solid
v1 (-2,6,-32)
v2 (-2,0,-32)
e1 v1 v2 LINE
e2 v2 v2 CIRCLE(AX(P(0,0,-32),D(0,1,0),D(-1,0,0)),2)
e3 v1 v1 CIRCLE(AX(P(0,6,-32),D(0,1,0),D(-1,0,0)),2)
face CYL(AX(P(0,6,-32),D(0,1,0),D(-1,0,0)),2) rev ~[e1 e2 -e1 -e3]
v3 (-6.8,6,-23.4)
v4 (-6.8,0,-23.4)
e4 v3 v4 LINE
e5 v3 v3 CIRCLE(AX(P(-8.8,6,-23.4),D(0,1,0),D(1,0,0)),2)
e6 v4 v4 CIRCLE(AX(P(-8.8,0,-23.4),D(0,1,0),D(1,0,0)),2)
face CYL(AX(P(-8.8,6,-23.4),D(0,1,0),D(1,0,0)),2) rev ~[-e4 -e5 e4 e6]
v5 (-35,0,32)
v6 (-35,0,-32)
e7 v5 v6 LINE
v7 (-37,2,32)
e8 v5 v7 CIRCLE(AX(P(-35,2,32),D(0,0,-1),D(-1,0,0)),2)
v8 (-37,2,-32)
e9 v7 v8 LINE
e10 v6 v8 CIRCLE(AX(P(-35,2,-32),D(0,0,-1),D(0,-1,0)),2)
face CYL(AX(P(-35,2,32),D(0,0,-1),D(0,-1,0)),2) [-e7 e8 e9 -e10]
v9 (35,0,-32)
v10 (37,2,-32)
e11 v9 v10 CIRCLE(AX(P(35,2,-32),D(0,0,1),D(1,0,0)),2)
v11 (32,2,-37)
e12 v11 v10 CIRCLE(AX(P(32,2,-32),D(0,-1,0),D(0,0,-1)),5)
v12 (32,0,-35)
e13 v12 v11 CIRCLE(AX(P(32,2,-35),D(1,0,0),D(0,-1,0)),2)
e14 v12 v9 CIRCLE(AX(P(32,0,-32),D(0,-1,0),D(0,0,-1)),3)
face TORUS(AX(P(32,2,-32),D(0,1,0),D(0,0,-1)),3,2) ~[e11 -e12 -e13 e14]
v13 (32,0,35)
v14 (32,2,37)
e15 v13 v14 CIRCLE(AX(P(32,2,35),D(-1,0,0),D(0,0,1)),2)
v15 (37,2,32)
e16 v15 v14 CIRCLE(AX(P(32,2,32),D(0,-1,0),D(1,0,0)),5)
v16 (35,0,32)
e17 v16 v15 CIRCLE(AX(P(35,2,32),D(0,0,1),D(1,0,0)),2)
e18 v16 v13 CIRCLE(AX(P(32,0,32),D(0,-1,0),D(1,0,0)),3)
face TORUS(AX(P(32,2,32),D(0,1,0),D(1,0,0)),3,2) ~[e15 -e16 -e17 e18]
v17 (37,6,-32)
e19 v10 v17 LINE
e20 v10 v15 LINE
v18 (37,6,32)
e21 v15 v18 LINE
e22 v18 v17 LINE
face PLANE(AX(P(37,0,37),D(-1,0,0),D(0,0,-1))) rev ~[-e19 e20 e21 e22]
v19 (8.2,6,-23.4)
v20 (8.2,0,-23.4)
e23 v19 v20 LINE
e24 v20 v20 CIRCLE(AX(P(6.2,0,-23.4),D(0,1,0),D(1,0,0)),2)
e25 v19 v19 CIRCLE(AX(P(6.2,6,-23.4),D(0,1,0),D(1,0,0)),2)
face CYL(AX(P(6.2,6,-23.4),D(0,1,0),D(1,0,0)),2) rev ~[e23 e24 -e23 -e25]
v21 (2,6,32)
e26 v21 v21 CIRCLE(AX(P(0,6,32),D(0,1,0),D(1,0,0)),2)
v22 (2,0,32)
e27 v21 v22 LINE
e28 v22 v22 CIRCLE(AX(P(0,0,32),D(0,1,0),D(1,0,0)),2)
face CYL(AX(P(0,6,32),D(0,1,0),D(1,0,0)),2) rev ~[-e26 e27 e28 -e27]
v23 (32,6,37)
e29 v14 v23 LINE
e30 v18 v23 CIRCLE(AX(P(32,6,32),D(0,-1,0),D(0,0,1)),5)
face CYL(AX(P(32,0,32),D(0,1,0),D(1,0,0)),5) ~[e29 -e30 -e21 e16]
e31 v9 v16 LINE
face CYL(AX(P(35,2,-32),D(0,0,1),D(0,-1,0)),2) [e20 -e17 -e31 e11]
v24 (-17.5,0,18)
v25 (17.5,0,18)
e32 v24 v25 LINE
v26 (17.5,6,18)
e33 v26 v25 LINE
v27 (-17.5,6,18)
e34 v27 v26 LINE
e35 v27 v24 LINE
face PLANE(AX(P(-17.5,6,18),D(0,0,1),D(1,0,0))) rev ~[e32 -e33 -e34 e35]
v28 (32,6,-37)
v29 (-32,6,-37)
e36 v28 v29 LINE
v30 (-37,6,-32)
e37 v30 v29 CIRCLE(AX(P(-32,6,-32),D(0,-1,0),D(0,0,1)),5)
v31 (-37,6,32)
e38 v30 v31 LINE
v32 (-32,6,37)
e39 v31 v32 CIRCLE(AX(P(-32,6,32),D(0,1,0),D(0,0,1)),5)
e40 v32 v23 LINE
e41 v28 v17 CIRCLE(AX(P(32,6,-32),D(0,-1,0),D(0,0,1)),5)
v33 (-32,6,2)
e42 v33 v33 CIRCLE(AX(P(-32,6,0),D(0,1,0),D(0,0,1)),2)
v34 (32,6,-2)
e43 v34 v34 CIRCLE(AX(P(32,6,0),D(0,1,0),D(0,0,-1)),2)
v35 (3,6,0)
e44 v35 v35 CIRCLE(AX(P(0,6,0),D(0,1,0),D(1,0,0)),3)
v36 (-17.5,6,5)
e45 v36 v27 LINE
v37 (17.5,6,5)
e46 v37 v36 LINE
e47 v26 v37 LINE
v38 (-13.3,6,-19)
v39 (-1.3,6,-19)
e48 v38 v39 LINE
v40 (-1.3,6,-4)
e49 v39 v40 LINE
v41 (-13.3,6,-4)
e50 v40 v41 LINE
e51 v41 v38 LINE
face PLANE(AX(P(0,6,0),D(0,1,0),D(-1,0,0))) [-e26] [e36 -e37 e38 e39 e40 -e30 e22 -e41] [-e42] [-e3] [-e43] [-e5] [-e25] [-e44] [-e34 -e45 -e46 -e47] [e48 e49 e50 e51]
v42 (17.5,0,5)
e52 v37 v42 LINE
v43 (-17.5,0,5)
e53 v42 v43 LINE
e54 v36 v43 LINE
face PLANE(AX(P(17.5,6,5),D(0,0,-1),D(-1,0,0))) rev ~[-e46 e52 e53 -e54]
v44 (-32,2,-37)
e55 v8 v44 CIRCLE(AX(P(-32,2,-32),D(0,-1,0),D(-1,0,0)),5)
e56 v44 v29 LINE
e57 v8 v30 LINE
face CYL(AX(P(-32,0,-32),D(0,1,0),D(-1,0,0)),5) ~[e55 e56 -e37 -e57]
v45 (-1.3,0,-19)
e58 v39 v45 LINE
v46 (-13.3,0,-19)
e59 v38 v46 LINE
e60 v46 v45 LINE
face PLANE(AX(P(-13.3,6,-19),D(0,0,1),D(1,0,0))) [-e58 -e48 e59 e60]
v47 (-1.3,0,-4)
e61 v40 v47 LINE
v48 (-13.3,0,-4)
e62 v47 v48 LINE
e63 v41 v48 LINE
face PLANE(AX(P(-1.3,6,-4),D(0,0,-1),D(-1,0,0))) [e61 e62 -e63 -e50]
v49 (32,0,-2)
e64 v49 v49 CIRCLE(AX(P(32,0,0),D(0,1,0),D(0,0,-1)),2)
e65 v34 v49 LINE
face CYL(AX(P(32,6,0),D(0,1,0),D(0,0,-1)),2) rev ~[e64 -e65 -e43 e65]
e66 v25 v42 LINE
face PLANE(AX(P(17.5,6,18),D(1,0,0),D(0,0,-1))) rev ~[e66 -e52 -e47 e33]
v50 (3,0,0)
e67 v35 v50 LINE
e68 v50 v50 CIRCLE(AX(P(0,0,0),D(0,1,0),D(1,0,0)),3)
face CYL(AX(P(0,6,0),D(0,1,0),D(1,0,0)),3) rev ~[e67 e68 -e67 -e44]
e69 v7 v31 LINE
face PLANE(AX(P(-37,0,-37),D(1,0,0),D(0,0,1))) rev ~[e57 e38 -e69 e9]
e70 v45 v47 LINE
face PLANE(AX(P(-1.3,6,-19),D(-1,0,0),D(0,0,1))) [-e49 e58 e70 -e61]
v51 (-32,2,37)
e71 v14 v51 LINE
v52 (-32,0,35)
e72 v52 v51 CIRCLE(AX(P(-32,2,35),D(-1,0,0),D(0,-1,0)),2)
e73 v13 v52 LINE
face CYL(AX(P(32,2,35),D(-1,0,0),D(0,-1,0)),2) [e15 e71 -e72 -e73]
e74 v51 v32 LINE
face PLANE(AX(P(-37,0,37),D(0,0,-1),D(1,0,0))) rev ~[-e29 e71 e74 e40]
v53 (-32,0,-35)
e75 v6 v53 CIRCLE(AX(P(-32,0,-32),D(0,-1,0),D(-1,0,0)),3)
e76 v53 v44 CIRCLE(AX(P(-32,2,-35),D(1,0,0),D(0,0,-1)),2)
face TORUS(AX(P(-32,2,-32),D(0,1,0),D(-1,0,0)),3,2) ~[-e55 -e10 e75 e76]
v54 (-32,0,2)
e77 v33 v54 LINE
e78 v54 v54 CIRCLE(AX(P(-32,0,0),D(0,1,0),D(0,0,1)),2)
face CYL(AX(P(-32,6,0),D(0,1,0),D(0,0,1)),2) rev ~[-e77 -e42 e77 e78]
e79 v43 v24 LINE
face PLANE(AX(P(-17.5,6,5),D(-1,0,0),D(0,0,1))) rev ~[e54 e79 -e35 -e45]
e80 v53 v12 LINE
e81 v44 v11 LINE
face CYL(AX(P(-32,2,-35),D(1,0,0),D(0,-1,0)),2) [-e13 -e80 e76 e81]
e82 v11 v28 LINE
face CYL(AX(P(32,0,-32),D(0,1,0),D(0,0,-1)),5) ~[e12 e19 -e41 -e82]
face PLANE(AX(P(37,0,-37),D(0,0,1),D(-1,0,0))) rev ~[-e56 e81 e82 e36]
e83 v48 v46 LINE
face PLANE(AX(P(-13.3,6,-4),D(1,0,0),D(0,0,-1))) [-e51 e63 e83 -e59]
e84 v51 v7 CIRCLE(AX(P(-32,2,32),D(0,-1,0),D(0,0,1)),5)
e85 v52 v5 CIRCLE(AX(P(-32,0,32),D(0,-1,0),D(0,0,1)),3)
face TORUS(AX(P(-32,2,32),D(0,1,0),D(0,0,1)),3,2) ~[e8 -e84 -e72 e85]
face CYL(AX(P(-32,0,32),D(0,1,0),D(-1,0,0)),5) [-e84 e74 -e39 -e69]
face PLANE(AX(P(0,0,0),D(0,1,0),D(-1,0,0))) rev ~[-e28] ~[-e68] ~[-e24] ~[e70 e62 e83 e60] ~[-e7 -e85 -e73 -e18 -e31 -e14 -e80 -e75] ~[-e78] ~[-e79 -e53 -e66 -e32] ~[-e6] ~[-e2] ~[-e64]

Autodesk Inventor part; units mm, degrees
ref_plane "YZ Plane" through (0, 0, 0) normal (1, 0, 0) x (0, 1, 0)
ref_plane "XZ Plane" through (0, 0, 0) normal (0, 1, 0) x (-1, 0, 0)
ref_plane "XY Plane" through (0, 0, 0) normal (0, 0, 1) x (1, 0, 0)
sketch "Sketch1" plane through (0, 0, 0) normal (0, 1, 0) x (-1, 0, 0)
  line L0 (37, 37) -> (-37, 37)
  line L1 (-37, 37) -> (-37, -37)
  line L2 (-37, -37) -> (37, -37)
  line L3 (37, -37) -> (37, 37)
  point P0 (0, 0)
  dimension "d0" = 74
  dimension "d1" = 74
extrude "Extrusion1" add sketch "Sketch1" along normal blind 6
fillet "Fillet1" radius 5 4 edges at (-37, 3, 37) (37, 3, 37) (37, 3, -37) (-37, 3, -37)
fillet "Fillet2" radius 2 8 edges at (35.5355, 0, 35.5355) (37, 0, 0) (35.5355, 0, -35.5355) (0, 0, -37) (-35.5355, 0, -35.5355) (-37, 0, 0) (-35.5355, 0, 35.5355) (0, 0, 37)
sketch "Sketch6" plane through (0, 6, 0) normal (0, 1, 0) x (1, 0, 0)
  circle A0 centre (0, 0) radius 3
  circle A1 centre (6.2, 23.4) radius 2
  circle A2 centre (-8.8, 23.4) radius 2
  line L0 (-1.3, 4) -> (-13.3, 4)
  line L1 (-13.3, 4) -> (-13.3, 19)
  line L2 (-13.3, 19) -> (-1.3, 19)
  line L3 (-1.3, 19) -> (-1.3, 4)
  line L4 (17.5, -5) -> (-17.5, -5)
  line L5 (-17.5, -5) -> (-17.5, -18)
  line L6 (-17.5, -18) -> (17.5, -18)
  line L7 (17.5, -18) -> (17.5, -5)
  dimension "d29" = 6
  dimension "d30" = 4
  dimension "d31" = 4
  dimension "d32" = 12
  dimension "d33" = 15
  dimension "d34" = 35
  dimension "d35" = 13
extrude "Extrusion6" cut sketch "Sketch6" against normal blind 10
sketch "Sketch7" plane through (0, 6, 0) normal (0, 1, 0) x (1, 0, 0)
  circle A0 centre (0, -32) radius 2
  point P0 (0, 0)
  dimension "d38" = 4
extrude "Extrusion7" cut sketch "Sketch7" against normal blind 10
pattern_circular "Circular Pattern1" count 4 over 360 about axis through (0, -10, 0) along (0, 1, 0) of "Extrusion7"
properties part number "g2ExtruMountPlate"
